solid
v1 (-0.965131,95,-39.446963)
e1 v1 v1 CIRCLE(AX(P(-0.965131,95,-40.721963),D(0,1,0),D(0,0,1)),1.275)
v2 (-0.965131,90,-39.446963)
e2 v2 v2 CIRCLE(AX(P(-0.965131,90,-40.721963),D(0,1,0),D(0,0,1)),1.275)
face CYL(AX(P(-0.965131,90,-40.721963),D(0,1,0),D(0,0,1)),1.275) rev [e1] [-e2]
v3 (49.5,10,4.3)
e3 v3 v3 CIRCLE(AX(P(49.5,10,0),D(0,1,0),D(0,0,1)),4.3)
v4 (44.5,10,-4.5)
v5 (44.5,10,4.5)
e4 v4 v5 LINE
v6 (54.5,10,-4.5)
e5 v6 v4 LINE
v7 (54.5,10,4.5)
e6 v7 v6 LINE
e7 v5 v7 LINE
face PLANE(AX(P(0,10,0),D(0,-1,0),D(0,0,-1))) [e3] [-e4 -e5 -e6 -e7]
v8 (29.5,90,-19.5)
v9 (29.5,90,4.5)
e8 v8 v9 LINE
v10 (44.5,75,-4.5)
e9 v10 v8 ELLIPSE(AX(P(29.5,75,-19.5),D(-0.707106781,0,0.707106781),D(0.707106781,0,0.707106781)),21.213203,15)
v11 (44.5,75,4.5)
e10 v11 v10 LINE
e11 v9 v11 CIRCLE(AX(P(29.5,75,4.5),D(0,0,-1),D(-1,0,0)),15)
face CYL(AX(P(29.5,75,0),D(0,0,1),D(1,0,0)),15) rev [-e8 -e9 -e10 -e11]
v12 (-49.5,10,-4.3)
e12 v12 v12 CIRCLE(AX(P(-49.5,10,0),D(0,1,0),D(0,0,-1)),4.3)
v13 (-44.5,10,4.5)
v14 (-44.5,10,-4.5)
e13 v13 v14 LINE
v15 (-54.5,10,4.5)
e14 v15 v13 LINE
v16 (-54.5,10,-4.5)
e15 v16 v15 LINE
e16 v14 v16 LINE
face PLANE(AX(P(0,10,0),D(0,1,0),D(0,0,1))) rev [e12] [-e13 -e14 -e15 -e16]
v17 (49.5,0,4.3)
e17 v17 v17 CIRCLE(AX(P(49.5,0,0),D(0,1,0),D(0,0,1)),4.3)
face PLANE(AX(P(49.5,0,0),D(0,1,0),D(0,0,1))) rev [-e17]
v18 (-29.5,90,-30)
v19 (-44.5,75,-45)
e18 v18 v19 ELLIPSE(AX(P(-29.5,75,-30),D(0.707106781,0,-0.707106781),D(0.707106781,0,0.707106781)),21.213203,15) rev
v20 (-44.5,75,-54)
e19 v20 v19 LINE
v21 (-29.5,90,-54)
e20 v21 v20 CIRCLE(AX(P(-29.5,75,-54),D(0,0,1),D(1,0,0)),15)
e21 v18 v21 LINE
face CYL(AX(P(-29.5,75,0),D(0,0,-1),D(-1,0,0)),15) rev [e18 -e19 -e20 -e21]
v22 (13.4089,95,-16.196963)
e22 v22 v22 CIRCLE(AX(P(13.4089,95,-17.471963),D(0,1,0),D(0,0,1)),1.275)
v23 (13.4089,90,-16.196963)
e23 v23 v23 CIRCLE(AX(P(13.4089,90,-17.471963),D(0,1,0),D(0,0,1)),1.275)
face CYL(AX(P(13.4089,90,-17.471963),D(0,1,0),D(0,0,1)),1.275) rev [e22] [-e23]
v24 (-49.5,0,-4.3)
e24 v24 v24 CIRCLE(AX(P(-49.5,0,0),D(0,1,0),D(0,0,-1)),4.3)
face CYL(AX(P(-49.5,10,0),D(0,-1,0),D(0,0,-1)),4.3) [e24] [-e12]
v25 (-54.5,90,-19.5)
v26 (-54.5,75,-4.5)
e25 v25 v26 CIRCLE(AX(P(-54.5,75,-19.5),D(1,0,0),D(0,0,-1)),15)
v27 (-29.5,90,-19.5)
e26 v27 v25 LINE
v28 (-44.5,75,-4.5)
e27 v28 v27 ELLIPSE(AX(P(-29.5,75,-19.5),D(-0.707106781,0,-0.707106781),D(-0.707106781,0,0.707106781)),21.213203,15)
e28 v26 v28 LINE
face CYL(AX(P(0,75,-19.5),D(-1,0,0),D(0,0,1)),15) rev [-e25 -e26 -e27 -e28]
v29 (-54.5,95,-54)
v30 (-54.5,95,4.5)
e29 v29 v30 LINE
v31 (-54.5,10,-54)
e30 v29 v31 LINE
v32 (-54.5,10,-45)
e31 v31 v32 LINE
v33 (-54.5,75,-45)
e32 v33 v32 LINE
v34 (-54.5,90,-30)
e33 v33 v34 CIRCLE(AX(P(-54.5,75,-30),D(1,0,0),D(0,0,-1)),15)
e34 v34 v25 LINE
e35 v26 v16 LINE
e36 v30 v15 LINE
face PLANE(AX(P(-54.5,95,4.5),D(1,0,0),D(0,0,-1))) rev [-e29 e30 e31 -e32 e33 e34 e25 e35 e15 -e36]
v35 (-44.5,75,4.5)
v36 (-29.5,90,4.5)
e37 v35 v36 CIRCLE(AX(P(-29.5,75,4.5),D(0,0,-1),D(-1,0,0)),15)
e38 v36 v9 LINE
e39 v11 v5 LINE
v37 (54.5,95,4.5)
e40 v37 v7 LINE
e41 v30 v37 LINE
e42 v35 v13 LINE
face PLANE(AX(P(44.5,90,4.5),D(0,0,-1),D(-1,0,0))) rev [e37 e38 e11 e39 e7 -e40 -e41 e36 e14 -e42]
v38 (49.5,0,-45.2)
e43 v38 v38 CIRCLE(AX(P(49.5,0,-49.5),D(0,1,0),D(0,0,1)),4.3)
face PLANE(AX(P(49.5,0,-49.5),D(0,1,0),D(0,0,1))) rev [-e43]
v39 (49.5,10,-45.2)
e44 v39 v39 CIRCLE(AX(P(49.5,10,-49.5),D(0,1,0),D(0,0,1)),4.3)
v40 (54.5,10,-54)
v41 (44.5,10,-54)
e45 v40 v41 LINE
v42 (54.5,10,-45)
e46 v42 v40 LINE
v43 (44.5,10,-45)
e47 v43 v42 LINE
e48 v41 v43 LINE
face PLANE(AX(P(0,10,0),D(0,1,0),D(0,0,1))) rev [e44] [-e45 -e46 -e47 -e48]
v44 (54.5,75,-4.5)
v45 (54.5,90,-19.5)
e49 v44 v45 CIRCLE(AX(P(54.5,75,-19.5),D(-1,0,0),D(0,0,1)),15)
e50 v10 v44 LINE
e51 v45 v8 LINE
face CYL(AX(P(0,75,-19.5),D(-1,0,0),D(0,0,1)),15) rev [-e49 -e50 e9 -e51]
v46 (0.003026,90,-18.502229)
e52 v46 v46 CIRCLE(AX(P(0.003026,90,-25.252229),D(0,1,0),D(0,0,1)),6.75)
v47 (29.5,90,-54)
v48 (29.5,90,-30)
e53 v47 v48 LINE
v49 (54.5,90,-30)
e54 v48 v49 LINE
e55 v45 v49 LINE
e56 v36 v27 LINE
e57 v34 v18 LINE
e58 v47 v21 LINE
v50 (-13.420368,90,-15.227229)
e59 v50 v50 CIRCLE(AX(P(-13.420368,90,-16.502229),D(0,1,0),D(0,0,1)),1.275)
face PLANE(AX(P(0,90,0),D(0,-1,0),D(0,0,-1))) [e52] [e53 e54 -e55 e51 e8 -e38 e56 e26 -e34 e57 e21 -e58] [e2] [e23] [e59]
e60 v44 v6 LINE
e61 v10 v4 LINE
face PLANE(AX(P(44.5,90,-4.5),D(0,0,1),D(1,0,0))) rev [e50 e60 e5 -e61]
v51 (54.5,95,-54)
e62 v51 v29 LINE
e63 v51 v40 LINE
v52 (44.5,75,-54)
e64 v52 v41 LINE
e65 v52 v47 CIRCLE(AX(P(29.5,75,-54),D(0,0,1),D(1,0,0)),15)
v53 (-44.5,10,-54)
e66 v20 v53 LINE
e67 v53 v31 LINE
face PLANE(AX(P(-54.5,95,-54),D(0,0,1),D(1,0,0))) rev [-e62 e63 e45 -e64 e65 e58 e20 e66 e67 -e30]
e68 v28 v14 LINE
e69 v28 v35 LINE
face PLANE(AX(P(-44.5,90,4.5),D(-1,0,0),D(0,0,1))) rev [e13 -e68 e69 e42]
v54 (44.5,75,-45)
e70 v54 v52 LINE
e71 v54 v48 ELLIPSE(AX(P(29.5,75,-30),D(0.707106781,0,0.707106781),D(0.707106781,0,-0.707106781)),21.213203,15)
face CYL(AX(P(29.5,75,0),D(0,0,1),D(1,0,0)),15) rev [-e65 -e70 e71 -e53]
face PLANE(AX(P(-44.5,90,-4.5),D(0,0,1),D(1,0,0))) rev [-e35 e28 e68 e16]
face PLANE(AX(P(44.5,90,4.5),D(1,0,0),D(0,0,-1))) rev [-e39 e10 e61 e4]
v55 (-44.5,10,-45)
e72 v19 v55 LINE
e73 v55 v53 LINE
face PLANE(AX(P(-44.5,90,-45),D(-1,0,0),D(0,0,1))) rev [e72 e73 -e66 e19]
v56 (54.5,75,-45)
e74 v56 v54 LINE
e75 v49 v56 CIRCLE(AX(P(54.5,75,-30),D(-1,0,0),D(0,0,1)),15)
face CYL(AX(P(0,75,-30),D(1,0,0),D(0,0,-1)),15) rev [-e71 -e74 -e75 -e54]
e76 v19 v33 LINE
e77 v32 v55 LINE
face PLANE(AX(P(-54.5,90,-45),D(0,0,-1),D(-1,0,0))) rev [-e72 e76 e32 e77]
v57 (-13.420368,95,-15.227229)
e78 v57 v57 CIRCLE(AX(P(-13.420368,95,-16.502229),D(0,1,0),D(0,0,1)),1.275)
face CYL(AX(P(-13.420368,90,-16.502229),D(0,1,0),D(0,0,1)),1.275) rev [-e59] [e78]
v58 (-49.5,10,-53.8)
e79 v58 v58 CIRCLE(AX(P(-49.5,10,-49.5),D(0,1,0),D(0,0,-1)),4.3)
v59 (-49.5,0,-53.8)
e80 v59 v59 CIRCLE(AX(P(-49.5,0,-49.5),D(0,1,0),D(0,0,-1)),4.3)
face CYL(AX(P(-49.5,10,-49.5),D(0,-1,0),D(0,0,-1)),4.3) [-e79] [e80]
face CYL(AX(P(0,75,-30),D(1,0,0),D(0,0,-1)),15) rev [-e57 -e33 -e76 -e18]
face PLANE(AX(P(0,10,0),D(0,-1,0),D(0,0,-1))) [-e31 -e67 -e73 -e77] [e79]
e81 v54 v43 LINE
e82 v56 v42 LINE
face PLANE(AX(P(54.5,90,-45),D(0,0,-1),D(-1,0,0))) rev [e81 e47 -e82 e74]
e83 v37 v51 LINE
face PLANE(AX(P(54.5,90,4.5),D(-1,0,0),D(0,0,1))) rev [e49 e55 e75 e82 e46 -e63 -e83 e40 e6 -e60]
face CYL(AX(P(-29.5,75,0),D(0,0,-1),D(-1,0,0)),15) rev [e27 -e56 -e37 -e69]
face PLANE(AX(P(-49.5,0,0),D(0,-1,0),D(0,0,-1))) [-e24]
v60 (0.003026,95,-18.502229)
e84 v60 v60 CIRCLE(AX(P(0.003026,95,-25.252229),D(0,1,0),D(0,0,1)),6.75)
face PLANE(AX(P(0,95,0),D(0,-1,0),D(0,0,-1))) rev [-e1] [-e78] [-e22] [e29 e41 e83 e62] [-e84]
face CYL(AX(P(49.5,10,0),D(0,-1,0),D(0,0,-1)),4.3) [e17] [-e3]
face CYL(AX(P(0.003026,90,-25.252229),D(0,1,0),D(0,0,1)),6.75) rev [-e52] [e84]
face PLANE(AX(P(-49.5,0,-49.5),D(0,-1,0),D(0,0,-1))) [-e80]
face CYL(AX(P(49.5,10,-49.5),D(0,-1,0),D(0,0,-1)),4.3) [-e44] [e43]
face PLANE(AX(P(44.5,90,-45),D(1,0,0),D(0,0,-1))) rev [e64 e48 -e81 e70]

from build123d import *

# Parameters (mm, degrees)
SKETCH1_R             = 4.3
BOSS_EXTRUDE1_DEPTH   = 10
BOSS_EXTRUDE1_2_DEPTH = 10
BOSS_EXTRUDE1_3_DEPTH = 10
BOSS_EXTRUDE1_4_DEPTH = 10
SKETCH2_W             = 10
SKETCH2_H             = 9
BOSS_EXTRUDE2_DEPTH   = 80
SKETCH3_W             = 109
SKETCH3_H             = 58.5
BOSS_EXTRUDE3_DEPTH   = 5
FILLET1_R             = 15
SKETCH4_R             = 1.275
SKETCH4_R_2           = 6.75
CUT_EXTRUDE1_DEPTH    = 5


with BuildPart() as part:
    # Sketch1 → Boss-Extrude1 (new body)
    with BuildSketch(Plane(origin=(0, 0, 0), x_dir=(1, 0, 0), z_dir=(0, 1, 0))):
        with Locations(Location((49.5, 0, 0), (0, 0, 270))):
            Circle(SKETCH1_R)
    extrude(amount=BOSS_EXTRUDE1_DEPTH)



with BuildPart() as body_2:
    # Sketch1 → Boss-Extrude1 2 (new body)
    with BuildSketch(Plane(origin=(0, 0, 0), x_dir=(1, 0, 0), z_dir=(0, 1, 0))):
        with Locations(Location((-49.5, 0, 0), (0, 0, 90))):
            Circle(SKETCH1_R)
    extrude(amount=BOSS_EXTRUDE1_2_DEPTH)


with BuildPart() as body_3:
    # Sketch1 → Boss-Extrude1 3 (new body)
    with BuildSketch(Plane(origin=(0, 0, 0), x_dir=(1, 0, 0), z_dir=(0, 1, 0))):
        with Locations(Location((49.5, 49.5, 0), (0, 0, 270))):
            Circle(SKETCH1_R)
    extrude(amount=BOSS_EXTRUDE1_3_DEPTH)


with BuildPart() as body_4:
    # Sketch1 → Boss-Extrude1 4 (new body)
    with BuildSketch(Plane(origin=(0, 0, 0), x_dir=(1, 0, 0), z_dir=(0, 1, 0))):
        with Locations(Location((-49.5, 49.5, 0), (0, 0, 90))):
            Circle(SKETCH1_R)
    extrude(amount=BOSS_EXTRUDE1_4_DEPTH)


with BuildPart() as part_1:
    add(part.part)

    add(body_2.part)  # Boss-Extrude2 merges body 2

    add(body_3.part)  # Boss-Extrude2 merges body 3

    add(body_4.part)  # Boss-Extrude2 merges body 4
    # Sketch2 → Boss-Extrude2 (add)
    with BuildSketch(Plane(origin=(0, 10, 0), x_dir=(1, 0, 0), z_dir=(0, 1, 0))):
        with Locations((49.5, 0)):
            Rectangle(SKETCH2_W, SKETCH2_H)
        with Locations((-49.5, 0)):
            Rectangle(SKETCH2_W, SKETCH2_H)
        with Locations((49.5, 49.5)):
            Rectangle(SKETCH2_W, SKETCH2_H)
        with Locations((-49.5, 49.5)):
            Rectangle(SKETCH2_W, SKETCH2_H)
    extrude(amount=BOSS_EXTRUDE2_DEPTH)

    # Sketch3 → Boss-Extrude3 (add)
    with BuildSketch(Plane(origin=(0, 90, 0), x_dir=(1, 0, 0), z_dir=(0, 1, 0))):
        with Locations((0, 24.75)):
            Rectangle(SKETCH3_W, SKETCH3_H)
    extrude(amount=BOSS_EXTRUDE3_DEPTH)

    # Fillet1
    fillet1_edges = [part_1.edges().sort_by_distance(p)[0] for p in [
        (49.5, 90, -4.5),
        (44.5, 90, 0),
        (-44.5, 90, 0),
        (-49.5, 90, -4.5),
        (44.5, 90, -49.5),
        (49.5, 90, -45),
        (-44.5, 90, -49.5),
        (-49.5, 90, -45),
    ]]
    fillet(fillet1_edges, radius=FILLET1_R)

    # Sketch4 → Cut-Extrude1 (cut)
    with BuildSketch(Plane(origin=(0, 95, 0), x_dir=(1, 0, 0), z_dir=(0, 1, 0))):
        with Locations(Location((-0.965131435, 40.72196281, 0), (0, 0, 270))):
            Circle(SKETCH4_R)
        with Locations(Location((13.408900265, 17.47196281, 0), (0, 0, 270))):
            Circle(SKETCH4_R)
        with Locations(Location((-13.420367633, 16.50222878, 0), (0, 0, 270))):
            Circle(SKETCH4_R)
        with Locations(Location((0.003026126, 25.25222878, 0), (0, 0, 270))):
            Circle(SKETCH4_R_2)
    extrude(amount=-CUT_EXTRUDE1_DEPTH, mode=Mode.SUBTRACT)


solid = part_1.part
